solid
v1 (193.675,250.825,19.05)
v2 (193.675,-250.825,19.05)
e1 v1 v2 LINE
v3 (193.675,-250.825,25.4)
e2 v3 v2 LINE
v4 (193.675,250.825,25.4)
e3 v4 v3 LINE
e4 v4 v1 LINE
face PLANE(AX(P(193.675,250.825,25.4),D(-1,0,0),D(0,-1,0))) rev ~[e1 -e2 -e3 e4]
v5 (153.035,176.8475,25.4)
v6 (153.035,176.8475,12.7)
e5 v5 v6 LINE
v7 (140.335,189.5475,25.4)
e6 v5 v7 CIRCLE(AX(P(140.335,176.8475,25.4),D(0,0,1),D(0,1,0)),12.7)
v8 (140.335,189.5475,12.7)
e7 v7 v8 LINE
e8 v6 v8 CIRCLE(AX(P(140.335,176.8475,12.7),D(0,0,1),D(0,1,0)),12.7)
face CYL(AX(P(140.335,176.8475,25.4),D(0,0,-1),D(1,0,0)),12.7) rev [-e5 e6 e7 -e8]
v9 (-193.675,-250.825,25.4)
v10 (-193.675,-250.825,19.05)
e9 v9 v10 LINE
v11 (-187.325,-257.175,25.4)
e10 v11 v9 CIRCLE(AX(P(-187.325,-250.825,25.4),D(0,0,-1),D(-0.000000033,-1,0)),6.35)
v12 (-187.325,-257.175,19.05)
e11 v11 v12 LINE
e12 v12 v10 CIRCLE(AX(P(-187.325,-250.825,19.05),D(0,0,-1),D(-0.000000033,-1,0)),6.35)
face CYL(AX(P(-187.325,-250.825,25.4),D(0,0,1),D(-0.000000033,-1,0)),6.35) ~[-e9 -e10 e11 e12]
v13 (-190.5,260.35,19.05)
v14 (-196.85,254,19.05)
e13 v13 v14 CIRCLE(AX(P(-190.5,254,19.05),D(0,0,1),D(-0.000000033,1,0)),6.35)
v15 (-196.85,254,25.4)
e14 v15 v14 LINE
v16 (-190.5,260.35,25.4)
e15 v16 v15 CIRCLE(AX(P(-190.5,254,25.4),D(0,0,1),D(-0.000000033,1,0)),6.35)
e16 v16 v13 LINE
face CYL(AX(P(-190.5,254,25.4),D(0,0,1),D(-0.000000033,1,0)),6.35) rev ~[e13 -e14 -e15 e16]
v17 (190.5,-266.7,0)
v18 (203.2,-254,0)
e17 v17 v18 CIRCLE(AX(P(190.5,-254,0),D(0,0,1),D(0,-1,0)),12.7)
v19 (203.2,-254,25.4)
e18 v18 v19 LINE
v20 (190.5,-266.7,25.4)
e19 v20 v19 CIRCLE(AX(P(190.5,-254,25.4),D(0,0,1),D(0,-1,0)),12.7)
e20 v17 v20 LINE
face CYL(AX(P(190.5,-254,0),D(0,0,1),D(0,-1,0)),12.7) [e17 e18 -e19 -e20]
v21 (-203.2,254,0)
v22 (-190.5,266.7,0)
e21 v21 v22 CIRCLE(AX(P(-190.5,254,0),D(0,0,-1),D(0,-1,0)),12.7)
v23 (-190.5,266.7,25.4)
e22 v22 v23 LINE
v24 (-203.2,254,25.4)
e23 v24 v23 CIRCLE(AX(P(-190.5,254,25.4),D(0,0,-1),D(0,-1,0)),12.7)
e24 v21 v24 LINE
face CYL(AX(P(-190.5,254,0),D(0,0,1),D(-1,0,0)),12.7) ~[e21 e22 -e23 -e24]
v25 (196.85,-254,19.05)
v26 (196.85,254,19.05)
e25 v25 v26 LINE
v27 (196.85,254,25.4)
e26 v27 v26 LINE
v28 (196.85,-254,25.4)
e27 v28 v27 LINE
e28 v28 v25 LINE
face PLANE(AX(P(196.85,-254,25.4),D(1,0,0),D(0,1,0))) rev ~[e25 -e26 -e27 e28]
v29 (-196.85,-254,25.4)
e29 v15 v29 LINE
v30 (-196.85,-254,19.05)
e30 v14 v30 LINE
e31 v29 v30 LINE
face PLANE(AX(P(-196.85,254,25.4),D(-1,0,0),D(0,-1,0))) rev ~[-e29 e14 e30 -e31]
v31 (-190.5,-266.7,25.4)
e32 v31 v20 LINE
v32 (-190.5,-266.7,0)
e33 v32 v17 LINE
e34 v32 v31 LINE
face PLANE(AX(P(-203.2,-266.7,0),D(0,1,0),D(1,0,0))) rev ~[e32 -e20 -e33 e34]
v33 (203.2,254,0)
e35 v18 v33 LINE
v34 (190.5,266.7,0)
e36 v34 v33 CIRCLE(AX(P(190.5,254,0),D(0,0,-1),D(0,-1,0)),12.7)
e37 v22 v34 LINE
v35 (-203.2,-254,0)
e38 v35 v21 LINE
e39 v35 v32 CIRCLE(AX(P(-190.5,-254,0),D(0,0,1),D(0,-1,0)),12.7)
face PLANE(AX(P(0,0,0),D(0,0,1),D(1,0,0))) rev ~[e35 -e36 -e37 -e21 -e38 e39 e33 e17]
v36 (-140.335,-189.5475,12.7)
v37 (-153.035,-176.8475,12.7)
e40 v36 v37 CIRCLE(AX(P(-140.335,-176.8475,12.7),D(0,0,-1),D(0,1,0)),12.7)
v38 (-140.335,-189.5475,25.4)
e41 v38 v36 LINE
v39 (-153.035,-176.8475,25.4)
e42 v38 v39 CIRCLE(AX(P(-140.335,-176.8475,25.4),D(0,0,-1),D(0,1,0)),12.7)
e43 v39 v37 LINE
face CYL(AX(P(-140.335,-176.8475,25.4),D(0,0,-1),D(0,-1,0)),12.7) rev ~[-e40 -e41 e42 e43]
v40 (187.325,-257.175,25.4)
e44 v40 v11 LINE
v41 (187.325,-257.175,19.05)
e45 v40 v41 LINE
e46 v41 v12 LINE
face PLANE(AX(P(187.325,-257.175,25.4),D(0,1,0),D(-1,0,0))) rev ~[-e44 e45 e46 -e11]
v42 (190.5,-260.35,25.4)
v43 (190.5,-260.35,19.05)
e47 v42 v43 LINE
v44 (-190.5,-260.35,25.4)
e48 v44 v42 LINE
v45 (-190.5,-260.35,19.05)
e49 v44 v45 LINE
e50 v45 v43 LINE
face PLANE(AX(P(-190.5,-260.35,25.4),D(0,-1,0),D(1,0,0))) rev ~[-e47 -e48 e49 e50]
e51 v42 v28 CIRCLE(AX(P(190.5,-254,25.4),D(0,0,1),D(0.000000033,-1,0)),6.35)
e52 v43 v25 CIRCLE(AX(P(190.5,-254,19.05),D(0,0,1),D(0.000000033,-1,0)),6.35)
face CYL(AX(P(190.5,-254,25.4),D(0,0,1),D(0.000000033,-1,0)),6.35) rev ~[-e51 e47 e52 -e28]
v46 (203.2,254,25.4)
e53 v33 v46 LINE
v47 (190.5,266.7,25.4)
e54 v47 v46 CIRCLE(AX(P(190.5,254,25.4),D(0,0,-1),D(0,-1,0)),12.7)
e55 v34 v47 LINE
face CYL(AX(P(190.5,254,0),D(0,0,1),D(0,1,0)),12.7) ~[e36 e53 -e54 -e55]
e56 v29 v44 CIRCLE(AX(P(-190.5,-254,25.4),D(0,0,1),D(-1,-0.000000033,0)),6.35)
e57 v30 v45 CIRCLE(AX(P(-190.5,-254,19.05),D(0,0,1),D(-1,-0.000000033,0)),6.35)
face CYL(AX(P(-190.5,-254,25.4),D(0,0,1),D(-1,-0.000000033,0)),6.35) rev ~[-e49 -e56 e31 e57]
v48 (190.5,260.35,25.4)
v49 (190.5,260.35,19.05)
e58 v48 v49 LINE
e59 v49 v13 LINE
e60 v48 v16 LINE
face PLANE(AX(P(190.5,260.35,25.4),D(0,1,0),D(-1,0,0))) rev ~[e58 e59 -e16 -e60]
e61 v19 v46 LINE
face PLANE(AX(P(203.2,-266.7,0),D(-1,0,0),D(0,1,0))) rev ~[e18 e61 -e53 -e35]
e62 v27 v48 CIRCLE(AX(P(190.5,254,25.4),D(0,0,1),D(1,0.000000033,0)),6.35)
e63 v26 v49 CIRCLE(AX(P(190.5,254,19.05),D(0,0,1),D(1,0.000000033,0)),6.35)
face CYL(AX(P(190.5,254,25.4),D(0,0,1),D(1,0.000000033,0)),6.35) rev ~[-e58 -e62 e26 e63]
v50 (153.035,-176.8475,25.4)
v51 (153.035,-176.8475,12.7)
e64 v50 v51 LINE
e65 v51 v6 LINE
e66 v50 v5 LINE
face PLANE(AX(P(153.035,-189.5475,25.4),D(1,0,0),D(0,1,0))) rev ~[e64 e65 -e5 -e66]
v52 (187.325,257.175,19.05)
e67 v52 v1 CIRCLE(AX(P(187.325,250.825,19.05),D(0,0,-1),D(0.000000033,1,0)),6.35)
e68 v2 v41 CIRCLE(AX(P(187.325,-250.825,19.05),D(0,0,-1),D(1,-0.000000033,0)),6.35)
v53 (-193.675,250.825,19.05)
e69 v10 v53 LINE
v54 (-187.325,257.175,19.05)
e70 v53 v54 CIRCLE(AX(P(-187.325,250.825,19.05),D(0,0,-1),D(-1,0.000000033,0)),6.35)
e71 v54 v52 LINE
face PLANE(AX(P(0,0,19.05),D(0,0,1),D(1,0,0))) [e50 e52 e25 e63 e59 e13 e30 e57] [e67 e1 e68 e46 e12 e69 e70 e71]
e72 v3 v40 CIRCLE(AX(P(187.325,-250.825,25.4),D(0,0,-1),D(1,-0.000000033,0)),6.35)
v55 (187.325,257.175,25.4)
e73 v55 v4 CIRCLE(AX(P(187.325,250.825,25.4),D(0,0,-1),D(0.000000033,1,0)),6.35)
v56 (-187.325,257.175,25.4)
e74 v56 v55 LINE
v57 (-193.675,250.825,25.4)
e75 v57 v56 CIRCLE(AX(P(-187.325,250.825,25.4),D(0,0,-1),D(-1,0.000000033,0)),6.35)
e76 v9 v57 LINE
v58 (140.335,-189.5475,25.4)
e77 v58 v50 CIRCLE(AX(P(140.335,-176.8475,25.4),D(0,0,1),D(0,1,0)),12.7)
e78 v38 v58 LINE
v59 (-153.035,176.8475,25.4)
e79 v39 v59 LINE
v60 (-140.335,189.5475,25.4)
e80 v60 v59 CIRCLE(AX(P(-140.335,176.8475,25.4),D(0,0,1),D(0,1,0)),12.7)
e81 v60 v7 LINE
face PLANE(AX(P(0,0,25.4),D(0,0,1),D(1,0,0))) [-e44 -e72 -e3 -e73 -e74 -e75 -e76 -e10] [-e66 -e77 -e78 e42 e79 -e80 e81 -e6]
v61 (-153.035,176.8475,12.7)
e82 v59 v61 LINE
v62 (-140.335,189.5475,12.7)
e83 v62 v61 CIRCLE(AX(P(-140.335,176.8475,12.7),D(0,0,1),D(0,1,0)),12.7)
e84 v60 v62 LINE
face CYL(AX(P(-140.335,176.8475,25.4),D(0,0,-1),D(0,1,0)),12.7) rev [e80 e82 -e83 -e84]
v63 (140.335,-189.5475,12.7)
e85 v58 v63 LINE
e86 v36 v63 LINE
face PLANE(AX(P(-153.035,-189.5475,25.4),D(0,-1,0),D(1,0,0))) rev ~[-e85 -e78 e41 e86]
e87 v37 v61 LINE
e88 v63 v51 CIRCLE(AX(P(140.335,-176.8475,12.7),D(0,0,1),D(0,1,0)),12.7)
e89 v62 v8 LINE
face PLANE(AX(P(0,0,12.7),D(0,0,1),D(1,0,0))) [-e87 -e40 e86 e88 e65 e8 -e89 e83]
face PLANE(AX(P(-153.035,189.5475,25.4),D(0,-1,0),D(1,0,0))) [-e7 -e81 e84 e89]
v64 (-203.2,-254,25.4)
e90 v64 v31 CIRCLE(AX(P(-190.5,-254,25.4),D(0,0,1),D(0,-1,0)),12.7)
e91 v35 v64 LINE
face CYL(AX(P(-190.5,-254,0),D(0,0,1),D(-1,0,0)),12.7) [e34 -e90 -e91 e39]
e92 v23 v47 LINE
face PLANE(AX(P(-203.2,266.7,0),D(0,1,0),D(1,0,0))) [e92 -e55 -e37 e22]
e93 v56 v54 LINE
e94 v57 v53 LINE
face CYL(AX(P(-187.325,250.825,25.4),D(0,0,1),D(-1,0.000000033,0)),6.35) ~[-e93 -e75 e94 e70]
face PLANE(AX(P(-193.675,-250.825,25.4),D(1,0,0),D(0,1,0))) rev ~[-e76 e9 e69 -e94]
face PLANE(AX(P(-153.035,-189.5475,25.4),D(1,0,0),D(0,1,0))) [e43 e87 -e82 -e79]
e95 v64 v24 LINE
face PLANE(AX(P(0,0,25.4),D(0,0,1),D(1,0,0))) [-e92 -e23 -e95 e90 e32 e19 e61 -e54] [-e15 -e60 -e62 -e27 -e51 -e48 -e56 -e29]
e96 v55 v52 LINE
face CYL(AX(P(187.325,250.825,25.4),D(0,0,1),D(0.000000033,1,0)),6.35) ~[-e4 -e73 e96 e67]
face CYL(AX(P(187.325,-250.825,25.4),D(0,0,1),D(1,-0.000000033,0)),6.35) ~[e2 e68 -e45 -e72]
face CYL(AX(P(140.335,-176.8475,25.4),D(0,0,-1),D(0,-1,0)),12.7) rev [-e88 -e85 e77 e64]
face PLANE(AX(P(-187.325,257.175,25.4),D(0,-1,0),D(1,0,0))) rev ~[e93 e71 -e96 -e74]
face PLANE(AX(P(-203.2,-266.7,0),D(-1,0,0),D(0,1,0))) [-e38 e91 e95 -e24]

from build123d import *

# Parameters (mm, degrees)
F0_W     = 406.4
F0_H     = 533.4
F1_DEPTH = 25.4
F2_W     = 306.07
F2_H     = 379.095
F3_DEPTH = 12.7
F4_R     = 12.7
F6_DEPTH = 6.35


with BuildPart() as f1:
    # F0 (on Top) → F1 (new body)
    with BuildSketch(Plane.XY):
        Rectangle(F0_W, F0_H)
    extrude(amount=F1_DEPTH)

    # F2 (on face) → F3 (cut)
    with BuildSketch(Plane.XY.offset(25.4)):
        Rectangle(F2_W, F2_H)
    extrude(amount=-F3_DEPTH, mode=Mode.SUBTRACT)

    # F4
    f4_edges = [f1.edges().sort_by_distance(p)[0] for p in [
        (-203.2, -266.7, 12.7),
        (203.2, -266.7, 12.7),
        (203.2, 266.7, 12.7),
        (-203.2, 266.7, 12.7),
        (-153.035, 189.5475, 19.05),
        (153.035, 189.5475, 19.05),
        (153.035, -189.5475, 19.05),
        (-153.035, -189.5475, 19.05),
    ]]
    fillet(f4_edges, radius=F4_R)

    # F5 (on face) → F6 (cut)
    with BuildSketch(Plane.XY.offset(25.4)):
        with BuildLine():
            Line((-196.85, 254), (-196.85, -254))
            ThreePointArc((-196.85, -254), (-194.990128, -258.490128), (-190.5, -260.35))
            Line((-190.5, -260.35), (190.5, -260.35))
            ThreePointArc((190.5, -260.35), (194.990128, -258.490128), (196.85, -254))
            Line((196.85, -254), (196.85, 254))
            ThreePointArc((196.85, 254), (194.990128, 258.490128), (190.5, 260.35))
            Line((190.5, 260.35), (-190.5, 260.35))
            ThreePointArc((-190.5, 260.35), (-194.990128, 258.490128), (-196.85, 254))
        make_face()
        with BuildLine():
            ThreePointArc((-187.325, -257.175), (-191.815128, -255.315128), (-193.675, -250.825))
            Line((-193.675, -250.825), (-193.675, 250.825))
            ThreePointArc((-193.675, 250.825), (-191.815128, 255.315128), (-187.325, 257.175))
            Line((-187.325, 257.175), (187.325, 257.175))
            ThreePointArc((187.325, 257.175), (191.815128, 255.315128), (193.675, 250.825))
            Line((193.675, 250.825), (193.675, -250.825))
            ThreePointArc((193.675, -250.825), (191.815128, -255.315128), (187.325, -257.175))
            Line((187.325, -257.175), (-187.325, -257.175))
        make_face(mode=Mode.SUBTRACT)
    extrude(amount=-F6_DEPTH, mode=Mode.SUBTRACT)


solid = f1.part
